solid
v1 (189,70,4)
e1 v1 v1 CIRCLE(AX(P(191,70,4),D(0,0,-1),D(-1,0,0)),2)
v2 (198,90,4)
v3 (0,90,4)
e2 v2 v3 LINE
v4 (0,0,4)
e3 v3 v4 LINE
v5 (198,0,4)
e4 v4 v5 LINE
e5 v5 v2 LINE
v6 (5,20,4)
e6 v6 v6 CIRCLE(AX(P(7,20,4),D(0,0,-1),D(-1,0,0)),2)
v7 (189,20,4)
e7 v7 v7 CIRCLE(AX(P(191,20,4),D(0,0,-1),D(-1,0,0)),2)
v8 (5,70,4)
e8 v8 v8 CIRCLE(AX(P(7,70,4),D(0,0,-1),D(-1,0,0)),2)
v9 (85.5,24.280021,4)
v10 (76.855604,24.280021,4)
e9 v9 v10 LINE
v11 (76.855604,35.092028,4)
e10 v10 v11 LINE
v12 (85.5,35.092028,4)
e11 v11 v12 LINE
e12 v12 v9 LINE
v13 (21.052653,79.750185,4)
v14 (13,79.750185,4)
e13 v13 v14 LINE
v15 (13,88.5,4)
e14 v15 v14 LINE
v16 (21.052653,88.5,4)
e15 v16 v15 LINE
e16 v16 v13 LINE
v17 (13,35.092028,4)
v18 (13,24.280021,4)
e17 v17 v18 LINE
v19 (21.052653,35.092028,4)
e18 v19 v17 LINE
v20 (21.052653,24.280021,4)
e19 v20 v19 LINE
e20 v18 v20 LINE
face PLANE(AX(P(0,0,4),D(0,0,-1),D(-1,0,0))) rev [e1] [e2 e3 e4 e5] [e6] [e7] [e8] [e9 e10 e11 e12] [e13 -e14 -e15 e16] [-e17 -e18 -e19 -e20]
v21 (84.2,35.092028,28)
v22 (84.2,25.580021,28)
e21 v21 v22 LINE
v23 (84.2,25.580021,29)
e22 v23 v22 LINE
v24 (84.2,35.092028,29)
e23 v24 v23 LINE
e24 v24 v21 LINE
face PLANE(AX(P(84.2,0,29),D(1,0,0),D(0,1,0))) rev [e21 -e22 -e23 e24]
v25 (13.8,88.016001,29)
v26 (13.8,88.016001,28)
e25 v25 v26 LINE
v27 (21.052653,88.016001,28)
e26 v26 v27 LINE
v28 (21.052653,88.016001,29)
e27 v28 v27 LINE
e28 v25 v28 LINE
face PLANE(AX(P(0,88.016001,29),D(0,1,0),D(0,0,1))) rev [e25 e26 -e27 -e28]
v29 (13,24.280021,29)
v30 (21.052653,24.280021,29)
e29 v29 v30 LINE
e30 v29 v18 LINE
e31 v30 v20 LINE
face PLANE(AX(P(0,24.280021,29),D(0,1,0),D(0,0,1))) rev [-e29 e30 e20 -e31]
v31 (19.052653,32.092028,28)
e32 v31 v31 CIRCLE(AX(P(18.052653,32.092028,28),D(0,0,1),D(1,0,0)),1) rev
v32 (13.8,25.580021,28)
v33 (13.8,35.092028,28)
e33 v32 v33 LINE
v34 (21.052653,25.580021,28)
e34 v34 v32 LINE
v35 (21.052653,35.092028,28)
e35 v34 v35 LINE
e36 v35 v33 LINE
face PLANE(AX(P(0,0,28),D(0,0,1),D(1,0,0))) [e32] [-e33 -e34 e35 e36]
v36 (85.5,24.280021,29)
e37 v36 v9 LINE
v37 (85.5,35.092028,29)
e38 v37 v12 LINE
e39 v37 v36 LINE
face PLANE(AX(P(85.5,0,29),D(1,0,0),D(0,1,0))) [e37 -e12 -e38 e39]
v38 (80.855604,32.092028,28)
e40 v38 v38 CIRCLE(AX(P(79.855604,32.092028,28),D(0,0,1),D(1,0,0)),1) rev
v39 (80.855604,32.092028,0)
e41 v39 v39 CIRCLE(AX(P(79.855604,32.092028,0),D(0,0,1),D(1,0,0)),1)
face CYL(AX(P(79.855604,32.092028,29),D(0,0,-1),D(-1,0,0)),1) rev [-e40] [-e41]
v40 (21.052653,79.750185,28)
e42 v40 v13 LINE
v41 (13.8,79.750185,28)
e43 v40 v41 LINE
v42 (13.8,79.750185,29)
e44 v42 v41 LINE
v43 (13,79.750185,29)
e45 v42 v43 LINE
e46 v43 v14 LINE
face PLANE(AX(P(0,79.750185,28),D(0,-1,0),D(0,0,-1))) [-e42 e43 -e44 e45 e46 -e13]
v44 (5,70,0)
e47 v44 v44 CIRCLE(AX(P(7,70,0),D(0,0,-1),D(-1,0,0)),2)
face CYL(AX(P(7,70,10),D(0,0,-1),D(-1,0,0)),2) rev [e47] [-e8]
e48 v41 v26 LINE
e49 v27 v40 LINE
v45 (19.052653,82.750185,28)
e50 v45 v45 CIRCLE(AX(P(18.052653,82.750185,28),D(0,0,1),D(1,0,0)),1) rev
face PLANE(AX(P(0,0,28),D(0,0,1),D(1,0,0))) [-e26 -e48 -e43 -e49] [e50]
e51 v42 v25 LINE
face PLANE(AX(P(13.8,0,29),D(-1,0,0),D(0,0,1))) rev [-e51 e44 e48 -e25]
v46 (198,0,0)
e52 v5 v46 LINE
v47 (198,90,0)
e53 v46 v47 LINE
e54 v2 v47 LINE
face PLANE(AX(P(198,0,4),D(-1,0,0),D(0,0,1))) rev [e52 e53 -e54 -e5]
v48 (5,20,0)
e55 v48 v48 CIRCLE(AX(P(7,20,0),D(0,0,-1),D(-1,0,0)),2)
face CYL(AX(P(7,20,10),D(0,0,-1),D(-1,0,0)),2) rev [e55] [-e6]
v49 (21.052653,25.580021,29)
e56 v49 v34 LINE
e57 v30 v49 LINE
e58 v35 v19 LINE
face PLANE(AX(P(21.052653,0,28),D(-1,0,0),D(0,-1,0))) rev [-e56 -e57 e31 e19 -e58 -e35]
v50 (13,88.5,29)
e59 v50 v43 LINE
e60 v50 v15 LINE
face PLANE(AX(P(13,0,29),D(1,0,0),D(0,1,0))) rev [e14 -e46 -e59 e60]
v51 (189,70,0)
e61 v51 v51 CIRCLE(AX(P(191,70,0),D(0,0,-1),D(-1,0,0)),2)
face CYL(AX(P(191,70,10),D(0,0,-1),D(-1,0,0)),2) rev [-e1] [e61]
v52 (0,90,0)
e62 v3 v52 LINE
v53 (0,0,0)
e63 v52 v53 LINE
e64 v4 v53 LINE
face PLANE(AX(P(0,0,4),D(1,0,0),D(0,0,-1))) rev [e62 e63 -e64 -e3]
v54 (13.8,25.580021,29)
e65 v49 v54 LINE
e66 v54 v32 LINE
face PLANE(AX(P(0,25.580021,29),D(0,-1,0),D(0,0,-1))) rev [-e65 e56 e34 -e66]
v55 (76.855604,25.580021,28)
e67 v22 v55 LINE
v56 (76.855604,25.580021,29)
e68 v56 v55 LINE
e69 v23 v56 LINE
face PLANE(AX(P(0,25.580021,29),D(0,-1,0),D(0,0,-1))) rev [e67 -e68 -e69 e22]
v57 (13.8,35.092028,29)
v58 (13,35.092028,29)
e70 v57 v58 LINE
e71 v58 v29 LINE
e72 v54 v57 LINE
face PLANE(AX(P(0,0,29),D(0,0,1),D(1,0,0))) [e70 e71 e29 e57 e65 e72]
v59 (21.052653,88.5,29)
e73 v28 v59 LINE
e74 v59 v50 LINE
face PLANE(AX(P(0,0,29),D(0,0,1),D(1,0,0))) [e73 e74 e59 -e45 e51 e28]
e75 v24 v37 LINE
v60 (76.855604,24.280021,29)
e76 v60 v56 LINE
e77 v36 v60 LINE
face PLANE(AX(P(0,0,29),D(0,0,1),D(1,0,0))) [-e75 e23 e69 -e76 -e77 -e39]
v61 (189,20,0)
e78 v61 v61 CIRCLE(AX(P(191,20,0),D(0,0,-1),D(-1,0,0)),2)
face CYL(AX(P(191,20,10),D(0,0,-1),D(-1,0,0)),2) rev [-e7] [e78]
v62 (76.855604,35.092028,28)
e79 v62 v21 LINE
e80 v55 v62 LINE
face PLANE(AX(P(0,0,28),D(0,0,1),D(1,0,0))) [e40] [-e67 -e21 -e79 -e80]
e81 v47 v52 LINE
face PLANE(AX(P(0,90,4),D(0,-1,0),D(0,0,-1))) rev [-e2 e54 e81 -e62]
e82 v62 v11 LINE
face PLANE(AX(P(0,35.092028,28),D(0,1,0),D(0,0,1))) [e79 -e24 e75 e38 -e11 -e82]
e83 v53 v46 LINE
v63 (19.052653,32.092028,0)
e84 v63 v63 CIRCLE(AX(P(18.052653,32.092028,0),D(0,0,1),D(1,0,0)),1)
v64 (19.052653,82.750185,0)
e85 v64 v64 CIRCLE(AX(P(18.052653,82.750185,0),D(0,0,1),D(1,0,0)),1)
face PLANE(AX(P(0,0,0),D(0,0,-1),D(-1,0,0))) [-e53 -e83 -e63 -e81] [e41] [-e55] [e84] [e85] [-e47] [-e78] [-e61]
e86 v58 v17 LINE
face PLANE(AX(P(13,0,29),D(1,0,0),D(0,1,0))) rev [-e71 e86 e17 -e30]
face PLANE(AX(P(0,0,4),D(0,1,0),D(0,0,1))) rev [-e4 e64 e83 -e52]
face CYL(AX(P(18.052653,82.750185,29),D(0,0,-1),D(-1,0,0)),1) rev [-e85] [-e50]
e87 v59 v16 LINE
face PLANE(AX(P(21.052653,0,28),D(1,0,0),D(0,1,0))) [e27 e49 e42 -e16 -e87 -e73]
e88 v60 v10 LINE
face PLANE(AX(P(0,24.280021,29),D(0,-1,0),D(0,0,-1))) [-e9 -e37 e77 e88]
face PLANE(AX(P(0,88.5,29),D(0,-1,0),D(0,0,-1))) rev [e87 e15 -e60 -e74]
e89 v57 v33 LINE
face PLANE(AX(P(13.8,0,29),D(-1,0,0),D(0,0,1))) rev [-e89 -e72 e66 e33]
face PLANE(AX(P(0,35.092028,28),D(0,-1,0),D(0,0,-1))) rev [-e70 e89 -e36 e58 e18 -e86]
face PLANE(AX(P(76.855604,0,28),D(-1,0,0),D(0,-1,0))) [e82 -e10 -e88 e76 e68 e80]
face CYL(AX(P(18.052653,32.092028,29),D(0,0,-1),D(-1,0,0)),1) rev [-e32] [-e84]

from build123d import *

# Parameters (mm, degrees)
SKETCH1_W               = 198
SKETCH1_H               = 90
BOSS_EXTRUDE1_DEPTH     = 4
SKETCH3_R               = 2
CUT_EXTRUDE1_DEPTH      = 10
SKETCH4_W               = 7.252652573
SKETCH4_H               = 8.265815716
SKETCH4_H_2             = 9.512006383
SKETCH4_W_2             = 7.344395692
BOSS_EXTRUDE3_DEPTH     = 24
BOSS_EXTRUDE4_DEPTH     = 25
CUT_EXTRUDE2_DEPTH      = 219.926928449
CUT_EXTRUDE2_DEPTH_BACK = 219.926928449
SKETCH4_5_R             = 1


with BuildPart() as part:
    # Sketch1 → Boss-Extrude1 (new body)
    with BuildSketch(Plane.XY):
        with Locations((99, 45)):
            Rectangle(SKETCH1_W, SKETCH1_H)
    extrude(amount=BOSS_EXTRUDE1_DEPTH)

    # Sketch3 → Cut-Extrude1 (cut)
    with BuildSketch(Plane(origin=(0, 0, 0), x_dir=(-1, 0, 0), z_dir=(0, 0, -1))):
        with Locations((-191, 20)):
            Circle(SKETCH3_R)
        with Locations((-191, 70)):
            Circle(SKETCH3_R)
        with Locations((-7, 20)):
            Circle(SKETCH3_R)
        with Locations((-7, 70)):
            Circle(SKETCH3_R)
    extrude(amount=-CUT_EXTRUDE1_DEPTH, mode=Mode.SUBTRACT)

    # Sketch4 → Boss-Extrude3 (add)
    with BuildSketch(Plane.XY.offset(4)):
        with Locations((17.426326287, 83.883092652)):
            Rectangle(SKETCH4_W, SKETCH4_H)
        with Locations((17.426326287, 30.336024443)):
            Rectangle(SKETCH4_W, SKETCH4_H_2)
        with Locations((80.527802154, 30.336024443)):
            Rectangle(SKETCH4_W_2, SKETCH4_H_2)
    extrude(amount=BOSS_EXTRUDE3_DEPTH)

    # Sketch4<4> → Boss-Extrude4 (add)
    with BuildSketch(Plane.XY.offset(4)):
        Polygon((13, 79.750184794), (13.8, 79.750184794), (13.8, 88.01600051), (21.052652573, 88.01600051), (21.052652573, 88.5), (13, 88.5), align=None)
        Polygon((13.8, 25.580021251), (13.8, 35.092027634), (13, 35.092027634), (13, 24.280021251), (21.052652573, 24.280021251), (21.052652573, 25.580021251), align=None)
        Polygon((85.5, 35.092027634), (84.2, 35.092027634), (84.2, 25.580021251), (76.855604308, 25.580021251), (76.855604308, 24.280021251), (85.5, 24.280021251), align=None)
    extrude(amount=BOSS_EXTRUDE4_DEPTH)

    # Sketch4<5> → Cut-Extrude2 (cut, two sides: drawn at the far end of the back side and taken through both)
    with BuildSketch(Plane.XY.offset(4).offset(-CUT_EXTRUDE2_DEPTH_BACK)):
        with Locations((79.855604308, 32.092027634)):
            Circle(SKETCH4_5_R)
        with Locations((18.052652573, 32.092027634)):
            Circle(SKETCH4_5_R)
        with Locations((18.052652573, 82.750184794)):
            Circle(SKETCH4_5_R)
    extrude(amount=CUT_EXTRUDE2_DEPTH + CUT_EXTRUDE2_DEPTH_BACK, mode=Mode.SUBTRACT)


solid = part.part
